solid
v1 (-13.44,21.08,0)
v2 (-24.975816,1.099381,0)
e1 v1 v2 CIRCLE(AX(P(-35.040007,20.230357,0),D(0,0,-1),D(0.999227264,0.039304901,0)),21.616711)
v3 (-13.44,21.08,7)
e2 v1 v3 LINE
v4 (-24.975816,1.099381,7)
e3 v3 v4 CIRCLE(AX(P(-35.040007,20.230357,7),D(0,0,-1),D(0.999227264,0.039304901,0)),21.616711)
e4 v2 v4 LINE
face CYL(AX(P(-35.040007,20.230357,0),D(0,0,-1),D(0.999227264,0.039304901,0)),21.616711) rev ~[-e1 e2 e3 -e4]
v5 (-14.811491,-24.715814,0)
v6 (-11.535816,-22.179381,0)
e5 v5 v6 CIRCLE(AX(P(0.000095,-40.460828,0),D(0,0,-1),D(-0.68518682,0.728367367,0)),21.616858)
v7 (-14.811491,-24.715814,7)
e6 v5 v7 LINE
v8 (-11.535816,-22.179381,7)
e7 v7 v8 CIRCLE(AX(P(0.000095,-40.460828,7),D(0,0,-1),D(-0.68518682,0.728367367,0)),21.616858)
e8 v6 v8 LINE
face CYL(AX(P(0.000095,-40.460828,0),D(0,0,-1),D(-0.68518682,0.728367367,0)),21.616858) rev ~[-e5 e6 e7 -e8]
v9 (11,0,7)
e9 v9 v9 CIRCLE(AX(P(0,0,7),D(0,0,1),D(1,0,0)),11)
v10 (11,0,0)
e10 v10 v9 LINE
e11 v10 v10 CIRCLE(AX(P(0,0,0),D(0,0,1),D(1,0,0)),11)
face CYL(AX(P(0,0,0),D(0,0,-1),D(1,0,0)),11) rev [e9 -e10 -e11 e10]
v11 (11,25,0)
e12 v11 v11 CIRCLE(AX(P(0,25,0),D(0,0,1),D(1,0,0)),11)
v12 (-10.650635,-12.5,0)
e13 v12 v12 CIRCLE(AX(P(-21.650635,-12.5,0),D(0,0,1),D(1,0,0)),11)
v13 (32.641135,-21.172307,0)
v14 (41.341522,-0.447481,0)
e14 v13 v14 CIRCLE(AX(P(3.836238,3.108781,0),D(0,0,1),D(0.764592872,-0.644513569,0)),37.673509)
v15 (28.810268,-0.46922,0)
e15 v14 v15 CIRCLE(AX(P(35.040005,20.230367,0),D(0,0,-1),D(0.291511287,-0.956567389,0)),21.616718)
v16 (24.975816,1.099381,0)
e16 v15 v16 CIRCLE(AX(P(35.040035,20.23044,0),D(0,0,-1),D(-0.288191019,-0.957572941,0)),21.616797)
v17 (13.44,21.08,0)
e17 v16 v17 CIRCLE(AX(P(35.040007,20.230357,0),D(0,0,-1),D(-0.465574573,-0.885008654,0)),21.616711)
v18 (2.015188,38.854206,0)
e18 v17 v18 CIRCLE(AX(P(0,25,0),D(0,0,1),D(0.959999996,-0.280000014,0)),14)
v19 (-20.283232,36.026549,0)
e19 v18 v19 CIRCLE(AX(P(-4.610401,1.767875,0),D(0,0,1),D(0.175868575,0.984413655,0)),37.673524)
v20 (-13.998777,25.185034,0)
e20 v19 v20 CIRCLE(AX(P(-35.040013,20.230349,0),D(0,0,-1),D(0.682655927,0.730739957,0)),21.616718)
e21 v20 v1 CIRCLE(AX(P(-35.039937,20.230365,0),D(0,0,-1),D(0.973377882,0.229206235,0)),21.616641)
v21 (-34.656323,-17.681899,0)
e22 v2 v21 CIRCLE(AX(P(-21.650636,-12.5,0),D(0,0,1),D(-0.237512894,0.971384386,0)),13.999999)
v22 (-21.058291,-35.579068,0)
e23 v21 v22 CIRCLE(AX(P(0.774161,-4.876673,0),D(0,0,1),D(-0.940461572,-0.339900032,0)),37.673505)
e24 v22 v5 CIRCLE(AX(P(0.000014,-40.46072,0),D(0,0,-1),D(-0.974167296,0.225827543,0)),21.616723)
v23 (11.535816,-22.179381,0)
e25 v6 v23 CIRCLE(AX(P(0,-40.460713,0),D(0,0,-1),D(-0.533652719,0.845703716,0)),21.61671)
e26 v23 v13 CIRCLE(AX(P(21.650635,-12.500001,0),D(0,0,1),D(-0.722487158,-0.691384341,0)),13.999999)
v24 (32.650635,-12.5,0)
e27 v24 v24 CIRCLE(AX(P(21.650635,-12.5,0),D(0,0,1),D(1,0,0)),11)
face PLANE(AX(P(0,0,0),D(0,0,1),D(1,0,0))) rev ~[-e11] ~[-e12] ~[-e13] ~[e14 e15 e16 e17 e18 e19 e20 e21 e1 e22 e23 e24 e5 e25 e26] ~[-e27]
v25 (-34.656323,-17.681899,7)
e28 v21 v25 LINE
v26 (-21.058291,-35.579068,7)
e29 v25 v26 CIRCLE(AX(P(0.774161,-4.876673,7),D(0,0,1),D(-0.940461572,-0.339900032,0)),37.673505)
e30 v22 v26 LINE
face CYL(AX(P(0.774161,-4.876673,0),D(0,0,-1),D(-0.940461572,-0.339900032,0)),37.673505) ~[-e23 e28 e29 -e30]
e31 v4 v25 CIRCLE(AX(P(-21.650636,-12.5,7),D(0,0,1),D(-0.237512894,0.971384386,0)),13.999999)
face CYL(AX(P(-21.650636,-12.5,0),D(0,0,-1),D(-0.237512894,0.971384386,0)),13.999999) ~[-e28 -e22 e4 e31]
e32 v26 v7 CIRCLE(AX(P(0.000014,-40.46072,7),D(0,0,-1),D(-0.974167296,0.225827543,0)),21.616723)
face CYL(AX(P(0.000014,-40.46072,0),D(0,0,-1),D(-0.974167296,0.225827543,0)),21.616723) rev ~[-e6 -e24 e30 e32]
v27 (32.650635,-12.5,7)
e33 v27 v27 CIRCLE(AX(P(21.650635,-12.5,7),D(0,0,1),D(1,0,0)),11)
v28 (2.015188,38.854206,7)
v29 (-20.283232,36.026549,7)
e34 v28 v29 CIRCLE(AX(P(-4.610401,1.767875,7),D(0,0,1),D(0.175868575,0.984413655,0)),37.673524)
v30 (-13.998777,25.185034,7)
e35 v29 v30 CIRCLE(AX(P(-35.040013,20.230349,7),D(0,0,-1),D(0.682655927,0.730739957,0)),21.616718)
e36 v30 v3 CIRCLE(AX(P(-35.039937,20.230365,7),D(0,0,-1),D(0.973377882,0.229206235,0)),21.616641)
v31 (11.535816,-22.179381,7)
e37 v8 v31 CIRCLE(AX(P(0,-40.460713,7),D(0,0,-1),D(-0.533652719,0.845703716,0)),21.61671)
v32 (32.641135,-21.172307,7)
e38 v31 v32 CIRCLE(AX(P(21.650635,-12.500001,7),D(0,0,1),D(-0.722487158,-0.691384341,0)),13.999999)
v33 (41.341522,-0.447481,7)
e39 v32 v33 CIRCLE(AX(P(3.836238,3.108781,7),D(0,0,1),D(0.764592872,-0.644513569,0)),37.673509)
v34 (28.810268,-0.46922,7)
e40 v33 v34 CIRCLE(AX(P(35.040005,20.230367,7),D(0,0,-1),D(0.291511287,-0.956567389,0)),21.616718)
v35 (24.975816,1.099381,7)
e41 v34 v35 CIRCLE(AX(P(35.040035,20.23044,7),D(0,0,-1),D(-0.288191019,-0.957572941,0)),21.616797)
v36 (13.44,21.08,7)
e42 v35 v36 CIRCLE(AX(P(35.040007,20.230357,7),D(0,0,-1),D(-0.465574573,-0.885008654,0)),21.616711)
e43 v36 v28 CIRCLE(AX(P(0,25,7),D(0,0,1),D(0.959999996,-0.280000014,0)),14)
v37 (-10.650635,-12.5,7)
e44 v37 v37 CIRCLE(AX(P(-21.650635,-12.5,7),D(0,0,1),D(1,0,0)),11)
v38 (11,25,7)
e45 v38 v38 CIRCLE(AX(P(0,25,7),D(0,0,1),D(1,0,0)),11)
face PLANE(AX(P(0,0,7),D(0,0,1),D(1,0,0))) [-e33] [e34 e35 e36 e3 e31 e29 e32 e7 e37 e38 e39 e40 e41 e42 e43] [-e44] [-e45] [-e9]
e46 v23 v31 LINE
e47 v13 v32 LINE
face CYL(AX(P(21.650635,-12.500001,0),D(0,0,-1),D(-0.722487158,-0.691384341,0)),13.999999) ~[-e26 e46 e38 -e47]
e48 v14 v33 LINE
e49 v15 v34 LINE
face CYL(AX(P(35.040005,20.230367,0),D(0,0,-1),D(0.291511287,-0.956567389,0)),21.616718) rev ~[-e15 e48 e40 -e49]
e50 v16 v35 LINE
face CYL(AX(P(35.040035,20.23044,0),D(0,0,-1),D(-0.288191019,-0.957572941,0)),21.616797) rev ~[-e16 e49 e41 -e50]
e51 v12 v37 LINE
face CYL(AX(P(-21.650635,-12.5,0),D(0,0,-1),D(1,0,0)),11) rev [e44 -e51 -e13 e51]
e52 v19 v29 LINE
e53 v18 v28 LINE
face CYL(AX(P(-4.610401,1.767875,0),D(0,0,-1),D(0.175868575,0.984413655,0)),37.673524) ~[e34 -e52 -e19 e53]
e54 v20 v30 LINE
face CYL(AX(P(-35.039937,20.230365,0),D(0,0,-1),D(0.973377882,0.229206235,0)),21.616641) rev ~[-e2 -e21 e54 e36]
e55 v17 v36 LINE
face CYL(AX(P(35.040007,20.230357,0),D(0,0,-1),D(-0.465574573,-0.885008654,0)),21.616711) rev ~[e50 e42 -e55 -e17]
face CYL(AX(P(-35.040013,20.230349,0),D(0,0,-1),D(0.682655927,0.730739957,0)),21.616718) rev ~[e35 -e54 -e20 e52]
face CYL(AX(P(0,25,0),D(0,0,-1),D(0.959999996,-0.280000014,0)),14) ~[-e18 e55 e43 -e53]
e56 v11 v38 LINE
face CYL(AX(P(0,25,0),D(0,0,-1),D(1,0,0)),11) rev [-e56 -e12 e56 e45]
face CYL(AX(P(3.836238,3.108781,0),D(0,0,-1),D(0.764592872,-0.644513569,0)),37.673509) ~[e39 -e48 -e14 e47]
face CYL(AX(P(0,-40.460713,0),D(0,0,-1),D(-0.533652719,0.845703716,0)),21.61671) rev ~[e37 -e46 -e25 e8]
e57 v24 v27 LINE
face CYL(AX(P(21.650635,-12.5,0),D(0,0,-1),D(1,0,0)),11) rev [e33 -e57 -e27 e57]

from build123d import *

# Parameters (mm, degrees)
F0_R     = 11
F1_DEPTH = 7


with BuildPart() as f1:
    # F0 (on Top) → F1 (new body)
    with BuildSketch(Plane.XY):
        with BuildLine():
            ThreePointArc((-13.44, 21.08), (-10.764199, 16.048351), (-6.30476, 12.5))
            ThreePointArc((-6.30476, 12.5), (-12.124356, 7), (-13.977698, -0.789918))
            ThreePointArc((-13.977698, -0.789918), (-19.28038, 1.297894), (-24.975816, 1.099381))
            ThreePointArc((-24.975816, 1.099381), (-34.094848, -6.085831), (-34.656323, -17.681899))
            ThreePointArc((-34.656323, -17.681899), (-26.327766, -25.695622), (-14.811491, -24.715814))
            ThreePointArc((-14.811491, -24.715814), (-13.234557, -23.368943), (-11.535816, -22.179381))
            ThreePointArc((-11.535816, -22.179381), (-8.51618, -17.346246), (-7.672937, -11.710082))
            ThreePointArc((-7.672937, -11.710082), (0, -14), (7.672937, -11.710082))
            ThreePointArc((7.672937, -11.710082), (8.51618, -17.346246), (11.535816, -22.179381))
            ThreePointArc((11.535816, -22.179381), (22.317908, -26.484089), (32.641135, -21.172307))
            ThreePointArc((32.641135, -21.172307), (35.416945, -9.952703), (28.810268, -0.46922))
            ThreePointArc((28.810268, -0.46922), (26.855377, 0.223009), (24.975816, 1.099381))
            ThreePointArc((24.975816, 1.099381), (19.28038, 1.297894), (13.977698, -0.789918))
            ThreePointArc((13.977698, -0.789918), (12.124356, 7), (6.30476, 12.5))
            ThreePointArc((6.30476, 12.5), (10.764199, 16.048351), (13.44, 21.08))
            ThreePointArc((13.44, 21.08), (11.77694, 32.56992), (2.015188, 38.854206))
            ThreePointArc((2.015188, 38.854206), (-9.089178, 35.648325), (-13.998777, 25.185034))
            ThreePointArc((-13.998777, 25.185034), (-13.620819, 23.145934), (-13.44, 21.08))
        make_face()
        with Locations((-21.650635, -12.5)):
            Circle(F0_R, mode=Mode.SUBTRACT)
        Circle(F0_R, mode=Mode.SUBTRACT)
        with Locations((21.650635, -12.5)):
            Circle(F0_R, mode=Mode.SUBTRACT)
        with Locations((0, 25)):
            Circle(F0_R, mode=Mode.SUBTRACT)
        with BuildLine():
            ThreePointArc((-20.283232, 36.026549), (-16.338165, 31.07117), (-13.998777, 25.185034))
            ThreePointArc((-13.998777, 25.185034), (-9.089178, 35.648325), (2.015188, 38.854206))
            ThreePointArc((2.015188, 38.854206), (-9.349816, 39.142095), (-20.283232, 36.026549))
        make_face()
        with BuildLine():
            ThreePointArc((41.341522, -0.447481), (35.077505, -1.386319), (28.810268, -0.46922))
            ThreePointArc((28.810268, -0.46922), (35.416945, -9.952703), (32.641135, -21.172307))
            ThreePointArc((32.641135, -21.172307), (38.572957, -11.473869), (41.341522, -0.447481))
        make_face()
        with BuildLine():
            ThreePointArc((-14.811491, -24.715814), (-26.327766, -25.695622), (-34.656323, -17.681899))
            ThreePointArc((-34.656323, -17.681899), (-29.223141, -27.668226), (-21.058291, -35.579068))
            ThreePointArc((-21.058291, -35.579068), (-18.73934, -29.684851), (-14.811491, -24.715814))
        make_face()
        with BuildLine():
            ThreePointArc((-13.977698, -0.789918), (-12.124356, 7), (-6.30476, 12.5))
            ThreePointArc((-6.30476, 12.5), (-10.764199, 16.048351), (-13.44, 21.08))
            ThreePointArc((-13.44, 21.08), (-16.319386, 9.422002), (-24.975816, 1.099381))
            ThreePointArc((-24.975816, 1.099381), (-19.28038, 1.297894), (-13.977698, -0.789918))
        make_face()
        with BuildLine():
            ThreePointArc((24.975816, 1.099381), (16.319386, 9.422002), (13.44, 21.08))
            ThreePointArc((13.44, 21.08), (10.764199, 16.048351), (6.30476, 12.5))
            ThreePointArc((6.30476, 12.5), (12.124356, 7), (13.977698, -0.789918))
            ThreePointArc((13.977698, -0.789918), (19.28038, 1.297894), (24.975816, 1.099381))
        make_face()
        with BuildLine():
            ThreePointArc((-7.672937, -11.710082), (-8.51618, -17.346246), (-11.535816, -22.179381))
            ThreePointArc((-11.535816, -22.179381), (0, -18.844003), (11.535816, -22.179381))
            ThreePointArc((11.535816, -22.179381), (8.51618, -17.346246), (7.672937, -11.710082))
            ThreePointArc((7.672937, -11.710082), (0, -14), (-7.672937, -11.710082))
        make_face()
    extrude(amount=F1_DEPTH)


solid = f1.part
